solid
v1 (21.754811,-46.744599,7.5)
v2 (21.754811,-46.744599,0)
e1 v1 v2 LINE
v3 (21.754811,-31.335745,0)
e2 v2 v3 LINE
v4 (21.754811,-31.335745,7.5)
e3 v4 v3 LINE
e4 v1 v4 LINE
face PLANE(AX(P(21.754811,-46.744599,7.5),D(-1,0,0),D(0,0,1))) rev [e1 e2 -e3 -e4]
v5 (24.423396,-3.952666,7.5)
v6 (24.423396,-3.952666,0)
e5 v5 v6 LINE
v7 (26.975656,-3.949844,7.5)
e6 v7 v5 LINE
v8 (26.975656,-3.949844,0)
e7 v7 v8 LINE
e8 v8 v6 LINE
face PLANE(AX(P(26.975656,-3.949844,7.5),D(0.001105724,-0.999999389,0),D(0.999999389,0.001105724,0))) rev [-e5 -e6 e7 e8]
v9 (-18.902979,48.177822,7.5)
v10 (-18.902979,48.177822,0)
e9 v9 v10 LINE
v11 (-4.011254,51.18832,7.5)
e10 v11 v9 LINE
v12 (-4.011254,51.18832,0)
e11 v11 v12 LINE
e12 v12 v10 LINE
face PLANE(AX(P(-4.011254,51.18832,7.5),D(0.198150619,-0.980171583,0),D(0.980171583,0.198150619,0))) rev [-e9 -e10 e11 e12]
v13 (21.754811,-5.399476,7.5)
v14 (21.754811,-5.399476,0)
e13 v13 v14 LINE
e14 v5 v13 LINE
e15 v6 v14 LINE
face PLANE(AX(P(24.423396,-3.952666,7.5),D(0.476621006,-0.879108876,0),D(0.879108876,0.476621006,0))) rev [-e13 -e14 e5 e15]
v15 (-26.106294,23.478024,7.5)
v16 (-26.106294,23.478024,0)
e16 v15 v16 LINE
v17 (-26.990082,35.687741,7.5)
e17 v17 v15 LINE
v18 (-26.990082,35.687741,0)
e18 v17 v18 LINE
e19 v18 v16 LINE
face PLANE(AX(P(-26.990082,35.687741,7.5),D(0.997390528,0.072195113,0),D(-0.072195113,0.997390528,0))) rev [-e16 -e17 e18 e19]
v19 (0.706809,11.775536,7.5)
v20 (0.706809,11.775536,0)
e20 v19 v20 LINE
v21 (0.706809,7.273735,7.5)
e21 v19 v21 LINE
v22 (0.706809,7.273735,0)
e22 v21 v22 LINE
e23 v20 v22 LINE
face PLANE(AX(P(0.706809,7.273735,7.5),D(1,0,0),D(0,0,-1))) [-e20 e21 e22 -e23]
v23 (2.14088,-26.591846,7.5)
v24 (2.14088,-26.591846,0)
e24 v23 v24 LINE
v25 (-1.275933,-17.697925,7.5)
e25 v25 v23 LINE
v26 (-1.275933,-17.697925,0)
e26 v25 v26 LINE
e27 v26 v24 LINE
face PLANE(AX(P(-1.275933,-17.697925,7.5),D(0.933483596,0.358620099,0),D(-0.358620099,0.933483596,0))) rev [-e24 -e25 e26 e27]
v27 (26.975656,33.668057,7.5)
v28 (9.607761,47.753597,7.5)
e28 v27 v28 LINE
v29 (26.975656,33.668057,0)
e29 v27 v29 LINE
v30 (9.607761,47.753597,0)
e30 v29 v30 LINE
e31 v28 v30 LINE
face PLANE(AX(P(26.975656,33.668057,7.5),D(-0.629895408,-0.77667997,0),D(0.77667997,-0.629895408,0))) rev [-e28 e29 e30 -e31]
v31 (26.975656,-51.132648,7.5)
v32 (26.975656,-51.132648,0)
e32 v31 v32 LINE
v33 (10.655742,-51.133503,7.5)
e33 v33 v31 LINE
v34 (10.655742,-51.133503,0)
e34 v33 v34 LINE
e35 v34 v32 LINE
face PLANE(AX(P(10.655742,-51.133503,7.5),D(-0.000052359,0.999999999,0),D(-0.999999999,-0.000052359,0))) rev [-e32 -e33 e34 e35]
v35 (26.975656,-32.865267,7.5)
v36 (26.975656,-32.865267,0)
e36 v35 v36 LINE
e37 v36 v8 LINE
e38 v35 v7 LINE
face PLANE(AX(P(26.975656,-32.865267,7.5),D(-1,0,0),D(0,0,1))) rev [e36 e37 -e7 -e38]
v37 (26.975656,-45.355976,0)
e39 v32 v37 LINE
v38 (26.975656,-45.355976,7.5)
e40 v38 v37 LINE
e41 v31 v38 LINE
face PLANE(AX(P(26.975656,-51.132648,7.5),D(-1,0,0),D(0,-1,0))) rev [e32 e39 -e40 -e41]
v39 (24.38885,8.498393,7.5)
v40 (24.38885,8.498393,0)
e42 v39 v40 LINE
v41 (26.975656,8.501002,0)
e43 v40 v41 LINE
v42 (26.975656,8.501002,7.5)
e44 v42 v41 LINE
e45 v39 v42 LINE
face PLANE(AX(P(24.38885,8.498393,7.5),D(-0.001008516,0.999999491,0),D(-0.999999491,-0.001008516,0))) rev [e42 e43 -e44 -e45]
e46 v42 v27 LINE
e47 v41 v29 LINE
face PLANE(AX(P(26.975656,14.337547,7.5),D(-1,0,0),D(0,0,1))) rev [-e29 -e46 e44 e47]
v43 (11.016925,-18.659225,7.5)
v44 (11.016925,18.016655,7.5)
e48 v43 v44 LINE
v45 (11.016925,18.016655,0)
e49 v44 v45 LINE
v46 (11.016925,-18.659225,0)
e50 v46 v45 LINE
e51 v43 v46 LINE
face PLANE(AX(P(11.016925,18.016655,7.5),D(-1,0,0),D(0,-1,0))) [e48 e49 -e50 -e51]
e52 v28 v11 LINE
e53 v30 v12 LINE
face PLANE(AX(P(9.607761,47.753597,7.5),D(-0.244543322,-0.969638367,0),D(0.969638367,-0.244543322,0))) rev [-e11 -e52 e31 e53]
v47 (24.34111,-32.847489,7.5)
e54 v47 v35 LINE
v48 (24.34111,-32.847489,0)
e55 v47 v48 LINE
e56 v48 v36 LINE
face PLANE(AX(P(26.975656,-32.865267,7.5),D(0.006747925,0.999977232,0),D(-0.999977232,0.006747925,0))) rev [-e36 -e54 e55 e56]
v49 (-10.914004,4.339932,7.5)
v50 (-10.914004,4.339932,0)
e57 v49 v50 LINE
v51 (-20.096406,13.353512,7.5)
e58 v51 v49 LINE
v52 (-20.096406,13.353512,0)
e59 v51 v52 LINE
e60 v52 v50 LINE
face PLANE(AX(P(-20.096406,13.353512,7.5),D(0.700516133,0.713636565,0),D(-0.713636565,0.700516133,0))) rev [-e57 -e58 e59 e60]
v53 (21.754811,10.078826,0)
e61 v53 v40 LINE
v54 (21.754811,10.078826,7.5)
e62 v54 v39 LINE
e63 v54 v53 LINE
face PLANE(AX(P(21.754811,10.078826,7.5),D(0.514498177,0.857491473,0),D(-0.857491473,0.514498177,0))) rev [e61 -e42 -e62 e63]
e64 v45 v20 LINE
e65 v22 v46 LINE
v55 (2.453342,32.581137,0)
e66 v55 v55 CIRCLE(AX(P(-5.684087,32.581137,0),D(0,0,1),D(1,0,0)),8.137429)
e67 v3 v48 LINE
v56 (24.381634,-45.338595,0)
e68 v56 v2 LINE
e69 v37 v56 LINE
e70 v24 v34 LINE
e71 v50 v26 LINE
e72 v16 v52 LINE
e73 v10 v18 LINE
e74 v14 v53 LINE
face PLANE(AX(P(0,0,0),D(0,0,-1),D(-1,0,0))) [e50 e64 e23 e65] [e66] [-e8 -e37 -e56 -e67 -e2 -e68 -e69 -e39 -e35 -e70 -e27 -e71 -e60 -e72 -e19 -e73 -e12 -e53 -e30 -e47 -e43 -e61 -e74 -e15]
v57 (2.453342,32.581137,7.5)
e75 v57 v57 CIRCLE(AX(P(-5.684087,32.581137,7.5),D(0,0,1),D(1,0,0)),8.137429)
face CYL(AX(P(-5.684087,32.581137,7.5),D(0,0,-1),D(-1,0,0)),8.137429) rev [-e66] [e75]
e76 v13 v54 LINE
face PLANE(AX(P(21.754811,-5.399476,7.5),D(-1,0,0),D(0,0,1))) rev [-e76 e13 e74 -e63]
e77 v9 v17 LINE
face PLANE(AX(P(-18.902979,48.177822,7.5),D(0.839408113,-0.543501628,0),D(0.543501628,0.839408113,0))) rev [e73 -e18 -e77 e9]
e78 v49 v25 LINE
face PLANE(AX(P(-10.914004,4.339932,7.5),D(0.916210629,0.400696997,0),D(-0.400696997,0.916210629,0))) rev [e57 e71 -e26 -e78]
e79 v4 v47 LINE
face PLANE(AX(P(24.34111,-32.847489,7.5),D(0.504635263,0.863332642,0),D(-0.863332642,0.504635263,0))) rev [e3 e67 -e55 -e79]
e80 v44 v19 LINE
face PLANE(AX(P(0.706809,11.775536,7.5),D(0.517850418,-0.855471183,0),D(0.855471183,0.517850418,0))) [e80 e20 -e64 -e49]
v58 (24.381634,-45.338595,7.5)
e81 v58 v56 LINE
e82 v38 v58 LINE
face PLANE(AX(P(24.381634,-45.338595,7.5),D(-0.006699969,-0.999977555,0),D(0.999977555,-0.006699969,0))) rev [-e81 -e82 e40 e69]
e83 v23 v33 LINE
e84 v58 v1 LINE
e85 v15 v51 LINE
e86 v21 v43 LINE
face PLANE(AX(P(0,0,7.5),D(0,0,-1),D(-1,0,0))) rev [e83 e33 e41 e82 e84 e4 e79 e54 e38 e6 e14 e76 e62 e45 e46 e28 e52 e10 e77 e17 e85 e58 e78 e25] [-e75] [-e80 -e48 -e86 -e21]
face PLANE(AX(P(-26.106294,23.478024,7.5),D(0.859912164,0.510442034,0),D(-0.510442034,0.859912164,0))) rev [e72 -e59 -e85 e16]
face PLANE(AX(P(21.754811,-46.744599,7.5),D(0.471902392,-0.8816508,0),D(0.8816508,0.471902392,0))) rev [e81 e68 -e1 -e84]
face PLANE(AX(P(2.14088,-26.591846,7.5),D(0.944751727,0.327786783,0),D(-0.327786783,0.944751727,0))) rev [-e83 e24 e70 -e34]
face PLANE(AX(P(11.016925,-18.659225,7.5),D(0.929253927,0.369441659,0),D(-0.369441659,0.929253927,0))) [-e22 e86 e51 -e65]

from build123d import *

# Parameters (mm, degrees)
SKETCH_1_R      = 8.137429072
EXTRUDE_1_DEPTH = 7.5


with BuildPart() as part:
    # 草图1 → 凸台-拉伸1 (new body)
    with BuildSketch(Plane.XY):
        Polygon((10.655742112, -51.13350276), (26.975655976, -51.132648268), (26.975655976, -45.355975578), (24.381633836, -45.338595321), (21.754811222, -46.744598553), (21.754811222, -31.335745249), (24.341110056, -32.847488843), (26.975655976, -32.865266967), (26.975655976, -3.94984418), (24.423395969, -3.952666276), (21.754811222, -5.399476315), (21.754811222, 10.078826219), (24.3888497, 8.498393016), (26.975655976, 8.501001852), (26.975655976, 14.3375467), (26.975655976, 33.668056688), (9.607760849, 47.75359746), (-4.011253891, 51.18832036), (-18.902979431, 48.177822313), (-26.990082321, 35.687740526), (-26.106294212, 23.478023729), (-20.096405563, 13.353512011), (-10.914003906, 4.339931688), (-1.275932846, -17.697925367), (2.140880051, -26.591846266), align=None)
        with Locations((-5.684087388, 32.581137097)):
            Circle(SKETCH_1_R, mode=Mode.SUBTRACT)
        Polygon((0.706809044, 7.273735046), (0.706809044, 11.775535583), (11.016924858, 18.016654968), (11.016924858, -18.659224532), align=None, mode=Mode.SUBTRACT)
    extrude(amount=EXTRUDE_1_DEPTH)


solid = part.part
